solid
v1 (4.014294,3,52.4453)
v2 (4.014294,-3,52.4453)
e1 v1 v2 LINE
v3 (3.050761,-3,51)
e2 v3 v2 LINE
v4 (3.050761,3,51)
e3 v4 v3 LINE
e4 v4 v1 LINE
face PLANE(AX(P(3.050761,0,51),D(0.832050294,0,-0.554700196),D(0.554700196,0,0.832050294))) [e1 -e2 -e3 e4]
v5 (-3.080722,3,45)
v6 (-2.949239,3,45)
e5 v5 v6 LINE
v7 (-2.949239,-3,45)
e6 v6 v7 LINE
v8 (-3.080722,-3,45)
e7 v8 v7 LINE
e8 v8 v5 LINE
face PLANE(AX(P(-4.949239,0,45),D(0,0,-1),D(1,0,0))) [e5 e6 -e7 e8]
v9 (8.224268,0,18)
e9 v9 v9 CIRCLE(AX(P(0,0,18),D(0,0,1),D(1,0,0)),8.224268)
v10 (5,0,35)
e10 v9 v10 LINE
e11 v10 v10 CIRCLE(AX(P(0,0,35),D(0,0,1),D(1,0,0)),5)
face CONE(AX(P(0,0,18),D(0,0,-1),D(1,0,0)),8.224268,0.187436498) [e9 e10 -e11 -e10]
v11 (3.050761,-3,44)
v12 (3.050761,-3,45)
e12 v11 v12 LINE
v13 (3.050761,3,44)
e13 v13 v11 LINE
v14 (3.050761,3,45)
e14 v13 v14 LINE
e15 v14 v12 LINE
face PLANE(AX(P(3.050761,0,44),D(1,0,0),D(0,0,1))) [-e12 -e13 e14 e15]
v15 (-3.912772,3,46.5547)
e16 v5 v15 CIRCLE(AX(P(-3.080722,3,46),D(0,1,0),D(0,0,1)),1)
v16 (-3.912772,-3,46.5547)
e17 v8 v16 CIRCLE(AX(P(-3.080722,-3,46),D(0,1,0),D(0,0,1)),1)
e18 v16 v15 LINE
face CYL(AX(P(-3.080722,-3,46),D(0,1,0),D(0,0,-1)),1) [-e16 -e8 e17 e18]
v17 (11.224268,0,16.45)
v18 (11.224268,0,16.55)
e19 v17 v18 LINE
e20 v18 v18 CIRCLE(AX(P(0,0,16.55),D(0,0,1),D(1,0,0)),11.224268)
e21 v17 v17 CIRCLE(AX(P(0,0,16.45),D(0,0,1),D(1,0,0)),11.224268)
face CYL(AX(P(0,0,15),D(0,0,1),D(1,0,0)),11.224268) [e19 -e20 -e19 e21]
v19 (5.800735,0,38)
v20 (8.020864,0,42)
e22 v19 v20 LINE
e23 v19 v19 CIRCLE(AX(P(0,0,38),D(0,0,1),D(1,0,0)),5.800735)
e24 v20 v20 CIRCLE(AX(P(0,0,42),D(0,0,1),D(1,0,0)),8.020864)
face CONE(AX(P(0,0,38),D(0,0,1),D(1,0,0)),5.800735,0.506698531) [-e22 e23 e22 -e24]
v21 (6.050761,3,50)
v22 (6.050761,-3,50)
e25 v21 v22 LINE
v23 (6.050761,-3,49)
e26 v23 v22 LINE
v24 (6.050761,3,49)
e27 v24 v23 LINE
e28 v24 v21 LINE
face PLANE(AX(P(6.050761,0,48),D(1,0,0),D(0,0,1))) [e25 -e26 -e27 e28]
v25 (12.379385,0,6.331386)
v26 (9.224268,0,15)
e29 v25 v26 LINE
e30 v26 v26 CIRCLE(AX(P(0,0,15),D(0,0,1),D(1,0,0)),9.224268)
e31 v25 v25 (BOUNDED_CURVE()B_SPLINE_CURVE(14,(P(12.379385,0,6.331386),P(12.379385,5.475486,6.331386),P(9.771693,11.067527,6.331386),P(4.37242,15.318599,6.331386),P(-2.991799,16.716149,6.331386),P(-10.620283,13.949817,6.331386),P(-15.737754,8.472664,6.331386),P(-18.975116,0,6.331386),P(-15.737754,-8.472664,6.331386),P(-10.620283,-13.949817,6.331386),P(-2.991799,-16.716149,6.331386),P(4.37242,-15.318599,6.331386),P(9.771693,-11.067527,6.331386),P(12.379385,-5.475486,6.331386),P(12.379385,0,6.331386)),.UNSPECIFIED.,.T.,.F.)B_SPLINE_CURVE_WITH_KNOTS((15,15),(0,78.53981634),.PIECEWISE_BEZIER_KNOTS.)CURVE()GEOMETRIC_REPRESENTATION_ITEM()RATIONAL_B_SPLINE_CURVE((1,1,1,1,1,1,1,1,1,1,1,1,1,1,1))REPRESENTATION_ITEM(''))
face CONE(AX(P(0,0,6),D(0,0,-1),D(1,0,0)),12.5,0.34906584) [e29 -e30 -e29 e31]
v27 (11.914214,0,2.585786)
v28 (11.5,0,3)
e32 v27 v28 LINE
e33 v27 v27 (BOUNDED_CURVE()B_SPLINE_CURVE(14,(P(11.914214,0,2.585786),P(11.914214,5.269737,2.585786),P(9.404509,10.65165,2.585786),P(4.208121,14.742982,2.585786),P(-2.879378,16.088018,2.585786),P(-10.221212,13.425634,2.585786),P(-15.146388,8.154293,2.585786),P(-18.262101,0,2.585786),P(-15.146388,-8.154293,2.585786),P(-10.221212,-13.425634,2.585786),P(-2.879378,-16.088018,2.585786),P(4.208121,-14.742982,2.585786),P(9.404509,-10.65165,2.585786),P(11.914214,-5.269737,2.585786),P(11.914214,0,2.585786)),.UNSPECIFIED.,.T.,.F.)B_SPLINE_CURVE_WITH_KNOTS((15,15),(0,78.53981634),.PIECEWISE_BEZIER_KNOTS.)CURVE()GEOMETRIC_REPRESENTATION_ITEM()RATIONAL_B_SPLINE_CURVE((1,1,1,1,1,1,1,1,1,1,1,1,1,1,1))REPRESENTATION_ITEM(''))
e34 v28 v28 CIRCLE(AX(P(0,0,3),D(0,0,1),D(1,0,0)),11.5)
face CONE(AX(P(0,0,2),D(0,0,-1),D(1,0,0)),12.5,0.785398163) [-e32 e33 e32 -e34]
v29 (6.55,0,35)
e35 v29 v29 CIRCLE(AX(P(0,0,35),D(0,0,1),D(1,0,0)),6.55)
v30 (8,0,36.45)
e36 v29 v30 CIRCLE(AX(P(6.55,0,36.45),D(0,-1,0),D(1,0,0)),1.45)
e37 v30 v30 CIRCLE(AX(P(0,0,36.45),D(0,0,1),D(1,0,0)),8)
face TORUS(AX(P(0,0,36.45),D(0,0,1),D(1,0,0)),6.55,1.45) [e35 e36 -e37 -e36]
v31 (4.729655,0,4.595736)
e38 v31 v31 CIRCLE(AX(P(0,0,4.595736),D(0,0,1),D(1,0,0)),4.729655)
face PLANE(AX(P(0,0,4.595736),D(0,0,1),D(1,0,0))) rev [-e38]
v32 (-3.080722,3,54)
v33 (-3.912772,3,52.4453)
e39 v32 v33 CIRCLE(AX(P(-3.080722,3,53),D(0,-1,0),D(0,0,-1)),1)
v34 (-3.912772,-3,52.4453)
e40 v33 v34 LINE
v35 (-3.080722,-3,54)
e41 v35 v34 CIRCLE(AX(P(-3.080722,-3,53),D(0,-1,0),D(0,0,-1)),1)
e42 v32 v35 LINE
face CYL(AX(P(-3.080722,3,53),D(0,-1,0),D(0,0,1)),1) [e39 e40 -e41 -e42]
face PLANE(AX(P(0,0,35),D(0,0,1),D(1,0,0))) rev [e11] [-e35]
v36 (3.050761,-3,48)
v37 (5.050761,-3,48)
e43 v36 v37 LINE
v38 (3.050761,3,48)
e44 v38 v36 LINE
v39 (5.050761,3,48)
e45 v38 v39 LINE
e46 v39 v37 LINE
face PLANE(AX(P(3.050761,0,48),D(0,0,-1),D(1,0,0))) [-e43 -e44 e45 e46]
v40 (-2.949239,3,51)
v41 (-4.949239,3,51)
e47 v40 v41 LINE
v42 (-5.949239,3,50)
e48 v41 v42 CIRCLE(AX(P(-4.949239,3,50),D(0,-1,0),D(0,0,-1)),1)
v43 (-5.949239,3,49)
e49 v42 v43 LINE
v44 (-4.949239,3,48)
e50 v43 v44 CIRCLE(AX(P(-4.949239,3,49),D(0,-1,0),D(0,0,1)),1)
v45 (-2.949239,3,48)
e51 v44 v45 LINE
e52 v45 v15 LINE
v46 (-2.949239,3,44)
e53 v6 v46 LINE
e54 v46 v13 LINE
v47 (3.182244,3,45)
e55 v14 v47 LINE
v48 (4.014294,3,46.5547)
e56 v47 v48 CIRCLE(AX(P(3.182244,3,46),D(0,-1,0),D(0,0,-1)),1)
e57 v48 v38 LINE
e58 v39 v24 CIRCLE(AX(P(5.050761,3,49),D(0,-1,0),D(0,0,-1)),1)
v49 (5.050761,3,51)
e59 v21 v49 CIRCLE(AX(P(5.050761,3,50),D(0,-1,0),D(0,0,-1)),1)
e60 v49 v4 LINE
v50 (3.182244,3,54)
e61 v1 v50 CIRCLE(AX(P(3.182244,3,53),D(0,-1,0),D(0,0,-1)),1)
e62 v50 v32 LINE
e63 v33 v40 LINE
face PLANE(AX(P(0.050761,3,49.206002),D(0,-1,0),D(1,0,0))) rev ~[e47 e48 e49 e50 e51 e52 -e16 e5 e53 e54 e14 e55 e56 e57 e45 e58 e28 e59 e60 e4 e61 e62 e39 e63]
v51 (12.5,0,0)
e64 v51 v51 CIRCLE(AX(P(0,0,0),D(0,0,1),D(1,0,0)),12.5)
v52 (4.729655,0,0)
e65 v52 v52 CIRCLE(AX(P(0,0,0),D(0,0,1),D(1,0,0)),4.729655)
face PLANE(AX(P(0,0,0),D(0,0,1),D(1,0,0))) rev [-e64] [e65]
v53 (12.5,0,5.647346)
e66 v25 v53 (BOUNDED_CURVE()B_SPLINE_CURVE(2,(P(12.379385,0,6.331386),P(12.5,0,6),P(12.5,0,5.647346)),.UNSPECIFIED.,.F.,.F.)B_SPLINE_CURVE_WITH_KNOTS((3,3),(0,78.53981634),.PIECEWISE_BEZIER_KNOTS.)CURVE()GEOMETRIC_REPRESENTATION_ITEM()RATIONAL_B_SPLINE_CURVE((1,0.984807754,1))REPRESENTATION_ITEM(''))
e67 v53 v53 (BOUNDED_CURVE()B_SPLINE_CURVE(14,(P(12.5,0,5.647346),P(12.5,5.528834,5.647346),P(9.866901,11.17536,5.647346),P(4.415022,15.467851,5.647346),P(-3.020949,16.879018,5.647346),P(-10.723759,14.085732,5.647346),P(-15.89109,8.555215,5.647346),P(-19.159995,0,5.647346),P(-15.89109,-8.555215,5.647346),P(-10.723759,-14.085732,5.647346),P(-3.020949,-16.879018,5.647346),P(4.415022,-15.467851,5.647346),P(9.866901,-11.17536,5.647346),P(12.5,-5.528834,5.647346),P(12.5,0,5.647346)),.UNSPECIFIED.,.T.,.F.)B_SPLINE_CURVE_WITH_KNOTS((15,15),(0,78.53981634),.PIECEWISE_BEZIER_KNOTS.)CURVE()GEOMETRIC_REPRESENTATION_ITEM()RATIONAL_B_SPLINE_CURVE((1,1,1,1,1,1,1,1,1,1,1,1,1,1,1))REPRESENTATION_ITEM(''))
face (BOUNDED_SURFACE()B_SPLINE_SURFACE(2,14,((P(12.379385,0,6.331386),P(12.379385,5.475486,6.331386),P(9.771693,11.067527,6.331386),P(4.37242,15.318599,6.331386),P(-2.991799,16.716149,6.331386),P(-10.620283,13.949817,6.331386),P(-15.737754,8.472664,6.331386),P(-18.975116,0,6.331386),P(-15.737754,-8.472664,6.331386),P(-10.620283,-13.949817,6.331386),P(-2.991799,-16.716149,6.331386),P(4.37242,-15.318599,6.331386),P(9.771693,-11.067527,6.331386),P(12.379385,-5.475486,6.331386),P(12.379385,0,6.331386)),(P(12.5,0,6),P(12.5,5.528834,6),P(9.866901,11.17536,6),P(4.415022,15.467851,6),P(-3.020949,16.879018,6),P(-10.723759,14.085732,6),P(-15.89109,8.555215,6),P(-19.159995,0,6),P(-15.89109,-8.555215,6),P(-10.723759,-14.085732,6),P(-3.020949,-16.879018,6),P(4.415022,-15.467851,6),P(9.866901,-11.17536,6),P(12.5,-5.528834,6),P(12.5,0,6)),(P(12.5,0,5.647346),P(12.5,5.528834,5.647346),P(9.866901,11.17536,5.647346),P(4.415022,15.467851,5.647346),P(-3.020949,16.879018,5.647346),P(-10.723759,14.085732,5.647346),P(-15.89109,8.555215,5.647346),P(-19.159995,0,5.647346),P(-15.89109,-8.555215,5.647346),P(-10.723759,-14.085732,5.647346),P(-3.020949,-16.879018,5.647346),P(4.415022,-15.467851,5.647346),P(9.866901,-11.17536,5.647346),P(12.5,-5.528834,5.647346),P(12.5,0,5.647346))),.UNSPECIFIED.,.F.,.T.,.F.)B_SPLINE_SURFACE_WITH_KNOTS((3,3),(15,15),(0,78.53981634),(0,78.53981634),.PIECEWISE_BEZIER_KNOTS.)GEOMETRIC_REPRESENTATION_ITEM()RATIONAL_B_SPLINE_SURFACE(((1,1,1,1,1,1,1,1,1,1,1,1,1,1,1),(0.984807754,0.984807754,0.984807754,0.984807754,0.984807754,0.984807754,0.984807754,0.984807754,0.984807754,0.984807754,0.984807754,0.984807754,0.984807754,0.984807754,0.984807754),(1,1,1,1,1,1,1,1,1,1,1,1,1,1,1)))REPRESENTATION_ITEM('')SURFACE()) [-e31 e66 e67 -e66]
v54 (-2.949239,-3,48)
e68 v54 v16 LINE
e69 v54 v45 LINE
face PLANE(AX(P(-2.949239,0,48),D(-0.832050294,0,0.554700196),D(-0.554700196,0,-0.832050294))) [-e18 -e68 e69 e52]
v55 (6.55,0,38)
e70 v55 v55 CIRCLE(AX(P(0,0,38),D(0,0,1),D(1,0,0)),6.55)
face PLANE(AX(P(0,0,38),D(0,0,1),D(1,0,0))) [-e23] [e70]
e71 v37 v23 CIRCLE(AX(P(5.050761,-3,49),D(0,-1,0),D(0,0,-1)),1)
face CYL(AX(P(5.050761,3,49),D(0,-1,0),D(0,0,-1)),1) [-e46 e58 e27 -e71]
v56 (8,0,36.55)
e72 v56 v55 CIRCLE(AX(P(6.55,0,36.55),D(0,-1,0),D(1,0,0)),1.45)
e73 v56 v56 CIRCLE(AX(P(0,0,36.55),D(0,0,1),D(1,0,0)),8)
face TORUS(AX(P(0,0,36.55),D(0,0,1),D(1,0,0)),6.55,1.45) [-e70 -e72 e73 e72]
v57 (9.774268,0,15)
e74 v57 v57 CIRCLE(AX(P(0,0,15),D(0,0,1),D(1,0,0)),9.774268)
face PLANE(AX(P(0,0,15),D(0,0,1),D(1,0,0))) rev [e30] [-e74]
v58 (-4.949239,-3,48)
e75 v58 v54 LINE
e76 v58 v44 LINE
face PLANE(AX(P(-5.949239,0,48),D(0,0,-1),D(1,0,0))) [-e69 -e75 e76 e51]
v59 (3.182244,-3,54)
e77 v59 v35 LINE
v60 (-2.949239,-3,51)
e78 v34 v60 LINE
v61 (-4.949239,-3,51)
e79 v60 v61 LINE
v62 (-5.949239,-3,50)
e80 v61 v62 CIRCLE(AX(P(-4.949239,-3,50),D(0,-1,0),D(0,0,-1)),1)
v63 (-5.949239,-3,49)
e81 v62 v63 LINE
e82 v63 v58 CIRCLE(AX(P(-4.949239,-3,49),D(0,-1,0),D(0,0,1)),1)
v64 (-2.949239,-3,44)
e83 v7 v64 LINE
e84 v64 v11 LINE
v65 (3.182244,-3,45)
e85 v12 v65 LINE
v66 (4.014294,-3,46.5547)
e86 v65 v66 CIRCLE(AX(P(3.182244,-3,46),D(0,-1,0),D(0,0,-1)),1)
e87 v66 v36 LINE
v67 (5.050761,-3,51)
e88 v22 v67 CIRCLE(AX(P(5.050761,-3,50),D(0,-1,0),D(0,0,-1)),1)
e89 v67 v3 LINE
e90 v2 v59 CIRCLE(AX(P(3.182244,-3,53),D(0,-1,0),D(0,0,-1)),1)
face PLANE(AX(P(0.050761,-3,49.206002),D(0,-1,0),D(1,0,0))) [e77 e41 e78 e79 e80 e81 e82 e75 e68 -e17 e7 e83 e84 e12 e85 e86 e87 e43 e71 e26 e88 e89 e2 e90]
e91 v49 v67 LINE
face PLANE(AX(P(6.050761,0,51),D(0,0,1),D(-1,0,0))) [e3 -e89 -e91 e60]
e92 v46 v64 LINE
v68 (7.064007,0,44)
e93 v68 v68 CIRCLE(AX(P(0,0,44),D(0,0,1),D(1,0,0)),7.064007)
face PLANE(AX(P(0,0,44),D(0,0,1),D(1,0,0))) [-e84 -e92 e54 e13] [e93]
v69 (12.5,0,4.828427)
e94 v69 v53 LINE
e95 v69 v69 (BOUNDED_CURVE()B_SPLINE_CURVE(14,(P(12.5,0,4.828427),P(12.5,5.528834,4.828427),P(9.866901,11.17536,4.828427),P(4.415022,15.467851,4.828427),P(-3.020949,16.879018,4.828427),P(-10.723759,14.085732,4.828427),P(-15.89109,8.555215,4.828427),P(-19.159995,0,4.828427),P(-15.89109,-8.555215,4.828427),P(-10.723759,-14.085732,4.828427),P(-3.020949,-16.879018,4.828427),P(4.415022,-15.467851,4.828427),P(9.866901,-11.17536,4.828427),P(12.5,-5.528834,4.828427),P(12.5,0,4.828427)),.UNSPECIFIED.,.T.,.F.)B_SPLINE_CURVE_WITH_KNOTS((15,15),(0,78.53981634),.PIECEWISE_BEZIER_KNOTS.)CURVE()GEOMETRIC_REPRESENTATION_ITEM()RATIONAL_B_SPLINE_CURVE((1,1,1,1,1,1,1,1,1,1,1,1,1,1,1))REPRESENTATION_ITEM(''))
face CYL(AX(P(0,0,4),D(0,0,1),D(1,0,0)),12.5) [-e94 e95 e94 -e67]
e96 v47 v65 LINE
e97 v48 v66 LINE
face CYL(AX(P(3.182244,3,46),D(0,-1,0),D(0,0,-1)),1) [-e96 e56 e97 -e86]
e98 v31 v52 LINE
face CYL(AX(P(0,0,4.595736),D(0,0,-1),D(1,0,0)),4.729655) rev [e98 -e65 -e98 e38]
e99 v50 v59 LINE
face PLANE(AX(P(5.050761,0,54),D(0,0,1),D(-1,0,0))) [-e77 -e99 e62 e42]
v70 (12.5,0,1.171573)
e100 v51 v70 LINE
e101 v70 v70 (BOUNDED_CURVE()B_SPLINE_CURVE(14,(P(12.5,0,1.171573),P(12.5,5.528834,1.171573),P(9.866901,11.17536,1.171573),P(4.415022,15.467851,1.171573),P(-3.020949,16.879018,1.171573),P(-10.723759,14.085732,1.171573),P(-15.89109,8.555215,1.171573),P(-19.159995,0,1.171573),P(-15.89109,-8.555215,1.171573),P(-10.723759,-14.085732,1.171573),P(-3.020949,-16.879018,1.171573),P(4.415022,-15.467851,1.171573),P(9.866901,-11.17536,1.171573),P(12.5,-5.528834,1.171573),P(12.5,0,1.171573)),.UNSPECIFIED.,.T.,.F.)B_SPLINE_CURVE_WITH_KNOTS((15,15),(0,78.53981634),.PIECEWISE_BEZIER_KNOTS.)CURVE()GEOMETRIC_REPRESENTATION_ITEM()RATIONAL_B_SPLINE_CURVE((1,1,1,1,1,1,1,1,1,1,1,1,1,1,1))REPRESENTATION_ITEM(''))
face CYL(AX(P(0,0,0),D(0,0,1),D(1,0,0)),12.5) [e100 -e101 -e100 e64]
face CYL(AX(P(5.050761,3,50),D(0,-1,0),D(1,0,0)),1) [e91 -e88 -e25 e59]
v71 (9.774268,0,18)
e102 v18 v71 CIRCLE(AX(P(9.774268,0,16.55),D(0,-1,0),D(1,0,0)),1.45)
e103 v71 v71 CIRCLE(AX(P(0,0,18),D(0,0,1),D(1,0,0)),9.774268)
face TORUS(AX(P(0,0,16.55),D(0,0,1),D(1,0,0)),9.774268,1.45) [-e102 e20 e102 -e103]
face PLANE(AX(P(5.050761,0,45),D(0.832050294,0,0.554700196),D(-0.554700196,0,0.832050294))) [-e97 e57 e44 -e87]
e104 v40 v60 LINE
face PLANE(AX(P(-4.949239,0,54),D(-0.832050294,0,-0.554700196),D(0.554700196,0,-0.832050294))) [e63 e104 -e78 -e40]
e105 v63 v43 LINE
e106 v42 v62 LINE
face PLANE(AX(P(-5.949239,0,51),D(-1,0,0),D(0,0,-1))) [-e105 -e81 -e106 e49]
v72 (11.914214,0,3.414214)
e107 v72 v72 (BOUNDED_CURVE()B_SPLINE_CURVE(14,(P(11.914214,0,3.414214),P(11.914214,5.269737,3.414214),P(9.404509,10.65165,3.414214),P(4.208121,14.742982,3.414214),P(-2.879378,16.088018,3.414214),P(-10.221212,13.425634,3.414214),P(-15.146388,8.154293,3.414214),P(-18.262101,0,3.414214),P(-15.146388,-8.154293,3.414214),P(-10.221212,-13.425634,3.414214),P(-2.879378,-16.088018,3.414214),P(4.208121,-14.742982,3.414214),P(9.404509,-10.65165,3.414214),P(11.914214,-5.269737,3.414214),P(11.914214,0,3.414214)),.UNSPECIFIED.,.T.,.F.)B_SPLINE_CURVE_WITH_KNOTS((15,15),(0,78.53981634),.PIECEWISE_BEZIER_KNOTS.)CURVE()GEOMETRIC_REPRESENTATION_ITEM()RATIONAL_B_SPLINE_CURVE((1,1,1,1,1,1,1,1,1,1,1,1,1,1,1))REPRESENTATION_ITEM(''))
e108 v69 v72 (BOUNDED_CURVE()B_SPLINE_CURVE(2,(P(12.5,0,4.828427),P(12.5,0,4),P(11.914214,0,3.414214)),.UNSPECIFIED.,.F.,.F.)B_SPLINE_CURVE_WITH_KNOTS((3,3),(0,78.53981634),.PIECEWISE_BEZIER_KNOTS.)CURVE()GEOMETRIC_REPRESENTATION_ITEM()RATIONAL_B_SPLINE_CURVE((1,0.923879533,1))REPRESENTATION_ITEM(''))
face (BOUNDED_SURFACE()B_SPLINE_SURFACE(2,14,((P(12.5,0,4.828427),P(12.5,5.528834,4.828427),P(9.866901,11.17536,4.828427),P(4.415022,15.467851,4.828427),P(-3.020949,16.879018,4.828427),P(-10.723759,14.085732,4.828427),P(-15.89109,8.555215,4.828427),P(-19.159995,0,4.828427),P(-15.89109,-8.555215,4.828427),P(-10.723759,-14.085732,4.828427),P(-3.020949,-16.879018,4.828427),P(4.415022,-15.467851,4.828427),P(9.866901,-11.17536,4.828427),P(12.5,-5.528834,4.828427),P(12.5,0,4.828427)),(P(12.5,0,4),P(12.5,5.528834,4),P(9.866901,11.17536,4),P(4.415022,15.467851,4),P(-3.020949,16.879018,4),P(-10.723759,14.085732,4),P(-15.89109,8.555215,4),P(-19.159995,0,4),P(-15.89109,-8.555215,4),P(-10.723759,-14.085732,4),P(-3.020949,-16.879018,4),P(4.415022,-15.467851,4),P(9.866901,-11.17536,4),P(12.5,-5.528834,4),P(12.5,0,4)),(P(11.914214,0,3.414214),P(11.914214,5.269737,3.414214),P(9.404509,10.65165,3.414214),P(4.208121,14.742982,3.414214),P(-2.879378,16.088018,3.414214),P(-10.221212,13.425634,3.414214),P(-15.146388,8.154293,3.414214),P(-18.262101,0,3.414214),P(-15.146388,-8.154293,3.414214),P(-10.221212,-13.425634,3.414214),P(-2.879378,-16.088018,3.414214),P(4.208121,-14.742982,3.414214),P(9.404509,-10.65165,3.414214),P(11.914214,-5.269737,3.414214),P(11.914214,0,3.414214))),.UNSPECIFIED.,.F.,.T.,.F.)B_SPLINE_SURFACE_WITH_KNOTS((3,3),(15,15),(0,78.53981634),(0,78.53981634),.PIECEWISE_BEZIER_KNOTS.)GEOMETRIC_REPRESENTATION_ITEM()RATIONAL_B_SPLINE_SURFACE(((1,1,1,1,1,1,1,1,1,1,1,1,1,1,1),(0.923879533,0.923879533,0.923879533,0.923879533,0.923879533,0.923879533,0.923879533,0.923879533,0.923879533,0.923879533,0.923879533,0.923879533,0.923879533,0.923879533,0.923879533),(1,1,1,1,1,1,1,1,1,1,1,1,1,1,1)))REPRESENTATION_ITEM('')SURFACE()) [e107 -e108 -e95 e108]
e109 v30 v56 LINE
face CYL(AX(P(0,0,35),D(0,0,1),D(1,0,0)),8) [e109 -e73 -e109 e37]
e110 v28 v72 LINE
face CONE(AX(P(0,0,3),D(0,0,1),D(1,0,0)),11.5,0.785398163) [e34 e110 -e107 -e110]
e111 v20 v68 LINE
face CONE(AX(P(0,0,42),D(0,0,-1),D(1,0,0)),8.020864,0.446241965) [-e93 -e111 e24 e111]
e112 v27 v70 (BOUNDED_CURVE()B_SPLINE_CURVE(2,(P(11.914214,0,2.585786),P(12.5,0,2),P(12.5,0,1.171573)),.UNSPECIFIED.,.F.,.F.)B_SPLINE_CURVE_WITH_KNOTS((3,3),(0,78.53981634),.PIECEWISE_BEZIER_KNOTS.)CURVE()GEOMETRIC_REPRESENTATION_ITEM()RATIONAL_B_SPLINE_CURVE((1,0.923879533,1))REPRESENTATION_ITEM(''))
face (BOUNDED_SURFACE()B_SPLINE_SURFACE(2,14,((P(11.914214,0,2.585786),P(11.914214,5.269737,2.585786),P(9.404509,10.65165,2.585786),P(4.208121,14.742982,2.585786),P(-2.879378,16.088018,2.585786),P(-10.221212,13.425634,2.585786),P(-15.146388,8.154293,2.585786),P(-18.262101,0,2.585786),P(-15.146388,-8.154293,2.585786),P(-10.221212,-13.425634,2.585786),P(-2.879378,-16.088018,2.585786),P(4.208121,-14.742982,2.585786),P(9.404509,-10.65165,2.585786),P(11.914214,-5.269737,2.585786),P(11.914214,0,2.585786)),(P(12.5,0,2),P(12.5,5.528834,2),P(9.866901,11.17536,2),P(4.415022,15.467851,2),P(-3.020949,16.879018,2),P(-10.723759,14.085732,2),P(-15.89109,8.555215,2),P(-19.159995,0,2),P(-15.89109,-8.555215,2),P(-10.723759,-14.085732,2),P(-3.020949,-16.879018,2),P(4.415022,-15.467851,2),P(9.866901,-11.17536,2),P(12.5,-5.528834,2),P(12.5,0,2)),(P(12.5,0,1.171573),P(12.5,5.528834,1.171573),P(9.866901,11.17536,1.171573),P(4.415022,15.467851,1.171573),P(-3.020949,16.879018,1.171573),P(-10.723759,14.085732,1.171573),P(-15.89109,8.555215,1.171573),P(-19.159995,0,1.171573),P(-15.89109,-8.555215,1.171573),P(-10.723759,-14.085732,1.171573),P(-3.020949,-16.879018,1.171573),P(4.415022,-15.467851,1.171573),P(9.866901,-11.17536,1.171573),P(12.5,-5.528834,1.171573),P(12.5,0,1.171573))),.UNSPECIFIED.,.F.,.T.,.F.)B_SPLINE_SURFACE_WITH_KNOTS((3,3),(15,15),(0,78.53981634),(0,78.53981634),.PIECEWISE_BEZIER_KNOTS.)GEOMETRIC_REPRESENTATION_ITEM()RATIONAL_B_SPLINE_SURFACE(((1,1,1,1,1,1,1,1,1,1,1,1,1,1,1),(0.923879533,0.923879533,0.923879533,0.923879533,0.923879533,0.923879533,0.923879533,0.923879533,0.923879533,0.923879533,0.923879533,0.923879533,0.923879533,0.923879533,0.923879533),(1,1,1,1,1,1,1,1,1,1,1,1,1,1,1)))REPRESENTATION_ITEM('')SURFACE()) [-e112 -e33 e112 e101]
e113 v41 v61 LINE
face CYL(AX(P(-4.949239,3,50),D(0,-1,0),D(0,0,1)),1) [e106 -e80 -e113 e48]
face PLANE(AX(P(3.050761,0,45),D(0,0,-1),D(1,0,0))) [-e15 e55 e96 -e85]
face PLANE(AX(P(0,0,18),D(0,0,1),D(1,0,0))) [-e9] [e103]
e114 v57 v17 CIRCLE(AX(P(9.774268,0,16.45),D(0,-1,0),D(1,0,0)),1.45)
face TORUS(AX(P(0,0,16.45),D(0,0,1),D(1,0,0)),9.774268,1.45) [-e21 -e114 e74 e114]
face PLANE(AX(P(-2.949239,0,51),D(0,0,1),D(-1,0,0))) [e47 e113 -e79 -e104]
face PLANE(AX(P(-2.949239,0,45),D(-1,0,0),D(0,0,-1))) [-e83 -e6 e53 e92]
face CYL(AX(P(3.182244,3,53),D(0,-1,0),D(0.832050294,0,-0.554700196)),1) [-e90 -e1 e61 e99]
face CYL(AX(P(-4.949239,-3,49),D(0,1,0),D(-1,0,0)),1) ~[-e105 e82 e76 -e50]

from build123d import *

# Parameters (mm, degrees)
FILLET008_R  = 1.45
FILLET009_R  = 2
PAD002_DEPTH = 3
FILLET014_R  = 1


with BuildPart() as part:
    # Sketch004 → Revolution004 (revolve)
    with BuildSketch(Plane.XZ):
        Polygon((0, 4.595736), (4.729655, 4.595736), (4.729655, 0), (12.5, 0), (12.5, 2), (11.5, 3), (12.5, 4), (12.5, 6), (9.224268, 15), (11.224268, 15), (11.224268, 18), (8.224268, 18), (5, 35), (8, 35), (8, 38), (5.800735, 38), (8.020864, 42), (7.064007, 44), (0, 44), align=None)
    revolve(axis=Axis((0, 0, 0), (0, 0, 1)))

    # Fillet008
    fillet008_edges = [part.edges().sort_by_distance(p)[0] for p in [
        (-11.224268, 0, 18),
        (-11.224268, 0, 15),
        (-8, 0, 38),
        (-8, 0, 35),
    ]]
    fillet(fillet008_edges, radius=FILLET008_R)

    # Fillet009
    fillet009_edges = [part.edges().sort_by_distance(p)[0] for p in [
        (-12.5, 0, 6),
        (-12.5, 0, 4),
        (-12.5, 0, 2),
    ]]
    fillet(fillet009_edges, radius=FILLET009_R)

    # Sketch011 → Pad002 (new body, symmetric)
    with BuildSketch(Plane.XZ):
        Polygon((-4.949239, 45), (-2.949239, 45), (-2.949239, 44), (3.050761, 44), (3.050761, 45), (5.050761, 45), (3.050761, 48), (6.050761, 48), (6.050761, 51), (3.050761, 51), (5.050761, 54), (-4.949239, 54), (-2.949239, 51), (-5.949239, 51), (-5.949239, 48), (-2.949239, 48), align=None)
    extrude(amount=PAD002_DEPTH, both=True)

    # Fillet014
    fillet014_edges = [part.edges().sort_by_distance(p)[0] for p in [
        (-4.949239, 0, 45),
        (-5.949239, 0, 48),
        (-5.949239, 0, 51),
        (-4.949239, 0, 54),
        (5.050761, 0, 54),
        (6.050761, 0, 51),
        (6.050761, 0, 48),
        (5.050761, 0, 45),
    ]]
    fillet(fillet014_edges, radius=FILLET014_R)


solid = part.part
